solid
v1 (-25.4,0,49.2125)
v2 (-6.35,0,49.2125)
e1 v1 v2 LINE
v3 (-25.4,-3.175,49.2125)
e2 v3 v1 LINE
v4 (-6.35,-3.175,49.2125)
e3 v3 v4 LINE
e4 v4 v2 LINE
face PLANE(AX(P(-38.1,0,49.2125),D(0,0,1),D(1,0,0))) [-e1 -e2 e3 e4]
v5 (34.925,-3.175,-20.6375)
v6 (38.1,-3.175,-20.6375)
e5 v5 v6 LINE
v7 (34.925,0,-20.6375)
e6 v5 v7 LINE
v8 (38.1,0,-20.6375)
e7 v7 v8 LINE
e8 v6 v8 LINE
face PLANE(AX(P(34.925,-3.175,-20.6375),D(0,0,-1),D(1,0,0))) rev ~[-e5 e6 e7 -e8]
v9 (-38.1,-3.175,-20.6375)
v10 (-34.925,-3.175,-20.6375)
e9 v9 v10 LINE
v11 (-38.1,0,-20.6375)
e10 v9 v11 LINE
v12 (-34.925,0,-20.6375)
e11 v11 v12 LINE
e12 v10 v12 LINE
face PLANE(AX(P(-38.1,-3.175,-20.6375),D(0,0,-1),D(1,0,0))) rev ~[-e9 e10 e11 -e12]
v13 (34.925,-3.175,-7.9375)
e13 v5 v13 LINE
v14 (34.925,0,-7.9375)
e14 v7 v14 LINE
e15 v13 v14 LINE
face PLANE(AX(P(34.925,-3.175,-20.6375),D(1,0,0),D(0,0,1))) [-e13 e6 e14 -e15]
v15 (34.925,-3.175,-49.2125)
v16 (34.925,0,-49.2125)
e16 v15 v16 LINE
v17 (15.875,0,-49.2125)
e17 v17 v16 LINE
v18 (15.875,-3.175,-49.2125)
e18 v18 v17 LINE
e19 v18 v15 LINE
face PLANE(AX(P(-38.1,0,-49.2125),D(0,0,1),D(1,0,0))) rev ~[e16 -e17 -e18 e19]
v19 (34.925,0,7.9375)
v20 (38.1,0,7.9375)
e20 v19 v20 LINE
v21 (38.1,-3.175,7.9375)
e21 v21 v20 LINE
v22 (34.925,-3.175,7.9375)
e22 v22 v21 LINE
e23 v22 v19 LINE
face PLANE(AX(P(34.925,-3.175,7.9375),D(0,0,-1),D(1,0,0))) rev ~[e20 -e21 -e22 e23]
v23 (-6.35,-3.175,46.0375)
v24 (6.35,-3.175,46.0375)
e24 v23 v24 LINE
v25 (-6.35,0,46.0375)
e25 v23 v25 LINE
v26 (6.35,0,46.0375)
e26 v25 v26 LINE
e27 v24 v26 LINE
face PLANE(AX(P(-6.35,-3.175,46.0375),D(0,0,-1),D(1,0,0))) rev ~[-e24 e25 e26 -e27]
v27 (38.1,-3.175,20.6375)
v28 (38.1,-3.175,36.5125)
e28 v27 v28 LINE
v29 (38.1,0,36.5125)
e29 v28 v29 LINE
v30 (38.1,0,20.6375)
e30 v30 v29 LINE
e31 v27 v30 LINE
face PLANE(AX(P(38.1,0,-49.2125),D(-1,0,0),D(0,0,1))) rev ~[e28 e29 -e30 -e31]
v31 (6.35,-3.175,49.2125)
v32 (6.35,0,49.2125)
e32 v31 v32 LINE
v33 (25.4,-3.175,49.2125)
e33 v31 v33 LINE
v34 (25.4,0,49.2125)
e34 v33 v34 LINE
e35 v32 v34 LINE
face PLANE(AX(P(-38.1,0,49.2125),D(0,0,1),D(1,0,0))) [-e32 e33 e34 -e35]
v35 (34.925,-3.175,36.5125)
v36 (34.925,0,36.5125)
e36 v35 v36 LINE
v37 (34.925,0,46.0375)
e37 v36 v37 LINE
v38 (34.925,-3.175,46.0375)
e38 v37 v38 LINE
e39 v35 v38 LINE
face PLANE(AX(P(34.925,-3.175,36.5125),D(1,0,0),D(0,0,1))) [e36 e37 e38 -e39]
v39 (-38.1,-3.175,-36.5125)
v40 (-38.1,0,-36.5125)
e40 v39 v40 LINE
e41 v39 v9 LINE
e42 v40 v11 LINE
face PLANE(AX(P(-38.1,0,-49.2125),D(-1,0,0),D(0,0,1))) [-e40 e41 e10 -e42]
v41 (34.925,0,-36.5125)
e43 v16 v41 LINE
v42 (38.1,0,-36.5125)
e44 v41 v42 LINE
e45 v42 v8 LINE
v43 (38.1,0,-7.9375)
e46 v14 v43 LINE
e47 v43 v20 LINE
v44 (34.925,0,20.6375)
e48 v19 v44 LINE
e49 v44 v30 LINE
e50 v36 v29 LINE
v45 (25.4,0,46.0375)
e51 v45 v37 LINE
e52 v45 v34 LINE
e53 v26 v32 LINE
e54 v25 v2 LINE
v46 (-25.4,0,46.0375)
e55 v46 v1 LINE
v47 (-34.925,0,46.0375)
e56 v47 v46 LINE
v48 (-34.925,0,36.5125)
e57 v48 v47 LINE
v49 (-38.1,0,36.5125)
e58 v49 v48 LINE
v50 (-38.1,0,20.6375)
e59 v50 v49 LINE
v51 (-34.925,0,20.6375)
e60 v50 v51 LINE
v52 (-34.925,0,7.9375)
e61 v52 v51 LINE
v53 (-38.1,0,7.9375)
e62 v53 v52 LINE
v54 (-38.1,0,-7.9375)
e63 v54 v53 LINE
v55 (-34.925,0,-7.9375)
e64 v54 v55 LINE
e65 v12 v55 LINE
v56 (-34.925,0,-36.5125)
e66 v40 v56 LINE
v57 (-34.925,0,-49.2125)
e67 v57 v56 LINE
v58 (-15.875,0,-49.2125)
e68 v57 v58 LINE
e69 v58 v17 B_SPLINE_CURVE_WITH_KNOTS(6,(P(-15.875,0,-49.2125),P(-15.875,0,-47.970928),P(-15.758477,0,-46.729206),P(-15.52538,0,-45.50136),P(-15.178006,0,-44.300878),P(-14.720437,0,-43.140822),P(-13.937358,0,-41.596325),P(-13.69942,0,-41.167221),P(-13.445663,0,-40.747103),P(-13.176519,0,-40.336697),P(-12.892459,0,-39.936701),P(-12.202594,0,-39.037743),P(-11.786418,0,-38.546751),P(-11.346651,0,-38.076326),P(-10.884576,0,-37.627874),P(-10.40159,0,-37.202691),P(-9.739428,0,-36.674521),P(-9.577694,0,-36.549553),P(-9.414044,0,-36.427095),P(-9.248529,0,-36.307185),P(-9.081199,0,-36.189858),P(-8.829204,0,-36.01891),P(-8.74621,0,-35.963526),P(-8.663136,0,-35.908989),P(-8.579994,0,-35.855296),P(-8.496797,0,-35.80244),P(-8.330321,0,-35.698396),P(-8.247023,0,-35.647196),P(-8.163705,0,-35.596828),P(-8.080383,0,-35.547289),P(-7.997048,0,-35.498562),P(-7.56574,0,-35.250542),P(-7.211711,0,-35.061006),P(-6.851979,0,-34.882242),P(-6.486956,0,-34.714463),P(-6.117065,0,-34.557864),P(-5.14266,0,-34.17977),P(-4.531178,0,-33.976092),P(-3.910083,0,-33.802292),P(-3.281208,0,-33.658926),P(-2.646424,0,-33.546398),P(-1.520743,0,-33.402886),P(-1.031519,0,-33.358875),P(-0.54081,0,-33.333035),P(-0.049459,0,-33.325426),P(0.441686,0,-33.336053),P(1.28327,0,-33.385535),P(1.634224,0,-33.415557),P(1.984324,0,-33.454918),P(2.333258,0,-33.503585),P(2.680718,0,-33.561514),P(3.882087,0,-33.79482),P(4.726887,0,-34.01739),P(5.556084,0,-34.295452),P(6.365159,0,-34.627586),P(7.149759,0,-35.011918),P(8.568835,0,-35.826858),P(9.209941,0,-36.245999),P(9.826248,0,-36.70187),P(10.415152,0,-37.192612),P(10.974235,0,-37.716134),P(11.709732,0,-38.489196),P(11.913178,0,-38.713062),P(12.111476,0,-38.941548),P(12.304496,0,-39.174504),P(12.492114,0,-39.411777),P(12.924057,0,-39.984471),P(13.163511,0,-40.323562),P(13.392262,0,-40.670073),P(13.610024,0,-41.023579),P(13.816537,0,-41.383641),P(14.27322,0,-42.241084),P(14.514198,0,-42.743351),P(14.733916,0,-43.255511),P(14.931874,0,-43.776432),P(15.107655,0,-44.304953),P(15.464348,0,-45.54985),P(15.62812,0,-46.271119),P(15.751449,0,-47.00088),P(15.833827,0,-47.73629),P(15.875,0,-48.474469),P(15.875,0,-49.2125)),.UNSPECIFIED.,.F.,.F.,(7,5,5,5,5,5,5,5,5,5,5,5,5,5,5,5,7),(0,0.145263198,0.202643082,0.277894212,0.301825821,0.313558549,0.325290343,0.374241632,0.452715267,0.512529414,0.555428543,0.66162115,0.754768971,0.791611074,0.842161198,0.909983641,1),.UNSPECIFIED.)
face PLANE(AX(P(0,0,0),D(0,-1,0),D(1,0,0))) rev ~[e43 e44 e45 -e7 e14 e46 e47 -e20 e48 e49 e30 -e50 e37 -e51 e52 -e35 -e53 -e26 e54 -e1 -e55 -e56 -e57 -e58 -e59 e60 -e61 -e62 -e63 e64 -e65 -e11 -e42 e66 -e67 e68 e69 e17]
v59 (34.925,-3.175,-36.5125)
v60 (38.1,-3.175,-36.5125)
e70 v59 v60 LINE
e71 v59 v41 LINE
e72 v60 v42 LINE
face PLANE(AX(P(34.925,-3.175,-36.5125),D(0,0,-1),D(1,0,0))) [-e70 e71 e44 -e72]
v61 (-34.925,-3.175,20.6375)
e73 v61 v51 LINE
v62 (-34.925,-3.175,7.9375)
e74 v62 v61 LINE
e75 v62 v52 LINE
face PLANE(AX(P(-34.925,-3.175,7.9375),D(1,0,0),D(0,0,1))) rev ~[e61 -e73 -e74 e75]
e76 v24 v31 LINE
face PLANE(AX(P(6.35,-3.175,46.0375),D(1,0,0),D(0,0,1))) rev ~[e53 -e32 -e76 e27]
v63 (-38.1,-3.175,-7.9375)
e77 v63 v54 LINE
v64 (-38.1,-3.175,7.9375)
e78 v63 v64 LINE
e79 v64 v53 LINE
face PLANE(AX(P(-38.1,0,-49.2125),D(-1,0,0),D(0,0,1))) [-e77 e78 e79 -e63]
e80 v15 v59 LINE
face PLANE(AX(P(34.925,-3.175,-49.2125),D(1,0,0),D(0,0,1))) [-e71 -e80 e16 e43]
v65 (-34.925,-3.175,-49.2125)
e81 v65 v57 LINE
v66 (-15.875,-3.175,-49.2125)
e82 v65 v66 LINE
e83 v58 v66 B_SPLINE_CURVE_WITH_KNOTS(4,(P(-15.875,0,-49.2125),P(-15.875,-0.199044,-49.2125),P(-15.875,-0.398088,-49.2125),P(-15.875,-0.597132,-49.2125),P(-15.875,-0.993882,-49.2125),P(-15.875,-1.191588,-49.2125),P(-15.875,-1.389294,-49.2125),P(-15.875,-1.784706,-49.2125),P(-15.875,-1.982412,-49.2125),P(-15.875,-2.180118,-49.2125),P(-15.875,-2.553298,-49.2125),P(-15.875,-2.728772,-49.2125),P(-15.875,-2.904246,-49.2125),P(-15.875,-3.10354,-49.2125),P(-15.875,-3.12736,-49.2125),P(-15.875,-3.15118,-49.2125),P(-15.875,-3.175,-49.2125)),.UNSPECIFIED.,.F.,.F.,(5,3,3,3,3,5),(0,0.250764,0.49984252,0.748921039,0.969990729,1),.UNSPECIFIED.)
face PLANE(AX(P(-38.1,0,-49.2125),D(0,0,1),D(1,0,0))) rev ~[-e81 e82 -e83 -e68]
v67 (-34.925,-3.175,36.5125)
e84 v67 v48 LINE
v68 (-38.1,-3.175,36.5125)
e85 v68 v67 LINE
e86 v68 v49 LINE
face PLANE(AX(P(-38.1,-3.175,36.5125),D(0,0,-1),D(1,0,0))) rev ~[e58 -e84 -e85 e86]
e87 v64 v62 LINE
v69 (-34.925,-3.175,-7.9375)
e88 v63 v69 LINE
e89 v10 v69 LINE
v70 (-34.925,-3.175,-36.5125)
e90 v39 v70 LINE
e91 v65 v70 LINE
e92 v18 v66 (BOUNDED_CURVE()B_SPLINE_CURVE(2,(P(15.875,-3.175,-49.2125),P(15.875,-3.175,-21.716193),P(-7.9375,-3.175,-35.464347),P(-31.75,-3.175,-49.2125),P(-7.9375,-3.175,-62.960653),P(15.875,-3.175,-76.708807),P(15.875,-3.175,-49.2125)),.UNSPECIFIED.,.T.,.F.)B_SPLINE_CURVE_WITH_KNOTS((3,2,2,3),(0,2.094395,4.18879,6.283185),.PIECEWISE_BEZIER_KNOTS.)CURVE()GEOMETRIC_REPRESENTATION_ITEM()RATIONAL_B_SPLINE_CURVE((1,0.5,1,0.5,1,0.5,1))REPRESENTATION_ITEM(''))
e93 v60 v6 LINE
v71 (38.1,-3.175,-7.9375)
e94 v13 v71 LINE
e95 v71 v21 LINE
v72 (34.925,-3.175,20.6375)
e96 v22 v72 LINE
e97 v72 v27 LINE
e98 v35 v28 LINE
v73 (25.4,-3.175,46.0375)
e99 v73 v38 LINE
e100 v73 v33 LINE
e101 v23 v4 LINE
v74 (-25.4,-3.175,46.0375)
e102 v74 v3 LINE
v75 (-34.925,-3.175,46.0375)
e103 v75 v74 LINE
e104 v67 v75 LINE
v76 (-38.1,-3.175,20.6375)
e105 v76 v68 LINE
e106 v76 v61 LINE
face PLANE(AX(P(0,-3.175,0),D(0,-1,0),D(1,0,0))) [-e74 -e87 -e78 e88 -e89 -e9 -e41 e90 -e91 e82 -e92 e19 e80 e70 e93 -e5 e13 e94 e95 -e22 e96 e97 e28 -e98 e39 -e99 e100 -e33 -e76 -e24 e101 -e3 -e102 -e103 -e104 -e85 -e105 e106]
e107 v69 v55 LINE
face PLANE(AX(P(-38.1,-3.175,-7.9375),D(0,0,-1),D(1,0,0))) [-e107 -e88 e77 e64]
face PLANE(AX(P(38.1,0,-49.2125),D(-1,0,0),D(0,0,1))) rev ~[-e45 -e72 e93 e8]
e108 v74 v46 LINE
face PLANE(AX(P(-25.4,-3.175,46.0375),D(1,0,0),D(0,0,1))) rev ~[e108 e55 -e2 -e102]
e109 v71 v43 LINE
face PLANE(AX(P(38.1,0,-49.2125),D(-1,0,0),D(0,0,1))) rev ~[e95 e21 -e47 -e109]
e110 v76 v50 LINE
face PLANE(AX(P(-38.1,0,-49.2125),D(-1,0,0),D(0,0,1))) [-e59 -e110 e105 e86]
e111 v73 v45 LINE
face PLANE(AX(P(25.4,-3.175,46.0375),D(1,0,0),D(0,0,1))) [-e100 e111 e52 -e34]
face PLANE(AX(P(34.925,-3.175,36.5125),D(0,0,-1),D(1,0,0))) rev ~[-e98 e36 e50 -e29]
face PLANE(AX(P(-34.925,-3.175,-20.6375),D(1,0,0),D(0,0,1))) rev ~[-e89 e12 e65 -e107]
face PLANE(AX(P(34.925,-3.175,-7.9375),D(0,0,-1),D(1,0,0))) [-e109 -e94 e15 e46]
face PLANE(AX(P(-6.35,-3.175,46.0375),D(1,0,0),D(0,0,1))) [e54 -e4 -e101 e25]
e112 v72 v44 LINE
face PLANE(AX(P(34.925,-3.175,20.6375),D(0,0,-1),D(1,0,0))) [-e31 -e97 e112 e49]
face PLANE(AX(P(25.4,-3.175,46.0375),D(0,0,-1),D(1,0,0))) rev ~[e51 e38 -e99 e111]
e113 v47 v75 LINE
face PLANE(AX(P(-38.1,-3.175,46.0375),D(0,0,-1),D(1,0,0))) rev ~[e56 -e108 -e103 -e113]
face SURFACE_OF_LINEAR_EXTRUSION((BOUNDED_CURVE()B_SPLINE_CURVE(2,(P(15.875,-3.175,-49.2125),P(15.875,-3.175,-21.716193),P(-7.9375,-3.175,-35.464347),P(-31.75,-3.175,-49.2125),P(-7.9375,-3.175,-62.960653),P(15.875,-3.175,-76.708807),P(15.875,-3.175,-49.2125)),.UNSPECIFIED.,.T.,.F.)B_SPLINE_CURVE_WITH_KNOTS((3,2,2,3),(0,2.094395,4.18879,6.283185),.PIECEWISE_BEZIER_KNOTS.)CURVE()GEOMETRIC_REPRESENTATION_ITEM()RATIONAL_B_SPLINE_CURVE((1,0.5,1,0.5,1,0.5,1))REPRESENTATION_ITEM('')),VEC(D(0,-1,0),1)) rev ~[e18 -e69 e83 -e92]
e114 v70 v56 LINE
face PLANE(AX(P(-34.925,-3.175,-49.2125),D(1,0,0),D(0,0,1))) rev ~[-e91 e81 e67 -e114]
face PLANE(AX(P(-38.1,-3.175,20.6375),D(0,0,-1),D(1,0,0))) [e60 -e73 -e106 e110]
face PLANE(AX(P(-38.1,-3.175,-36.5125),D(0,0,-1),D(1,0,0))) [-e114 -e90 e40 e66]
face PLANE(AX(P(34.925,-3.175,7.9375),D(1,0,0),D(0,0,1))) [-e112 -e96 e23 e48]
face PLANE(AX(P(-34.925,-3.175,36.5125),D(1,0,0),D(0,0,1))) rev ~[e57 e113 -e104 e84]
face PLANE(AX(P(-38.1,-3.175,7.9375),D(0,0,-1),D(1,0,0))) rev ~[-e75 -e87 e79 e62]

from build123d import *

# Parameters (mm, degrees)
F0_W     = 76.2
F0_H     = 98.425
F1_DEPTH = 3.175
F2_W     = 12.7
F2_H     = 3.175
F3_DEPTH = 3.176
F4_W     = 3.175
F4_H     = 12.7
F5_DEPTH = 3.176
F7_DEPTH = 3.176


with BuildPart() as f1:
    # F0 (on Front) → F1 (new body)
    with BuildSketch(Plane.XZ):
        Rectangle(F0_W, F0_H)
    extrude(amount=F1_DEPTH)

    # F2 (on face) → F3 (cut, through all)
    with BuildSketch(Plane.XZ.offset(3.175)):
        with Locations((-31.75, 47.625)):
            Rectangle(F2_W, F2_H)
        with Locations((0, 47.625)):
            Rectangle(F2_W, F2_H)
        with Locations((31.75, 47.625)):
            Rectangle(F2_W, F2_H)
    extrude(amount=-F3_DEPTH, mode=Mode.SUBTRACT)

    # F4 (on face) → F5 (cut, through all)
    with BuildSketch(Plane.XZ.offset(3.175)):
        with Locations((-36.5125, 42.8625)):
            Rectangle(F4_W, F4_H)
        with Locations((-36.5125, 14.2875)):
            Rectangle(F4_W, F4_H)
        with Locations((-36.5125, -14.2875)):
            Rectangle(F4_W, F4_H)
        with Locations((-36.5125, -42.8625)):
            Rectangle(F4_W, F4_H)
        with Locations((36.5125, -42.8625)):
            Rectangle(F4_W, F4_H)
        with Locations((36.5125, 14.2875)):
            Rectangle(F4_W, F4_H)
        with Locations((36.5125, -14.2875)):
            Rectangle(F4_W, F4_H)
        with Locations((36.5125, 42.8625)):
            Rectangle(F4_W, F4_H)
    extrude(amount=-F5_DEPTH, mode=Mode.SUBTRACT)

    # F6 (on face) → F7 (cut, through all)
    with BuildSketch(Plane.XZ.offset(3.175)):
        with BuildLine():
            add(Edge.make_bspline(
                [(15.875, -49.2125), (15.875, -21.716193), (-7.9375, -35.464347), (-31.75, -49.2125), (-7.9375, -62.960653), (15.875, -76.708807), (15.875, -49.2125)],
                knots=[0, 0, 0, 2.094395, 2.094395, 4.18879, 4.18879, 6.283185, 6.283185, 6.283185], degree=2, weights=[1, 0.5, 1, 0.5, 1, 0.5, 1]))
        make_face()
    extrude(amount=-F7_DEPTH, mode=Mode.SUBTRACT)


solid = f1.part
